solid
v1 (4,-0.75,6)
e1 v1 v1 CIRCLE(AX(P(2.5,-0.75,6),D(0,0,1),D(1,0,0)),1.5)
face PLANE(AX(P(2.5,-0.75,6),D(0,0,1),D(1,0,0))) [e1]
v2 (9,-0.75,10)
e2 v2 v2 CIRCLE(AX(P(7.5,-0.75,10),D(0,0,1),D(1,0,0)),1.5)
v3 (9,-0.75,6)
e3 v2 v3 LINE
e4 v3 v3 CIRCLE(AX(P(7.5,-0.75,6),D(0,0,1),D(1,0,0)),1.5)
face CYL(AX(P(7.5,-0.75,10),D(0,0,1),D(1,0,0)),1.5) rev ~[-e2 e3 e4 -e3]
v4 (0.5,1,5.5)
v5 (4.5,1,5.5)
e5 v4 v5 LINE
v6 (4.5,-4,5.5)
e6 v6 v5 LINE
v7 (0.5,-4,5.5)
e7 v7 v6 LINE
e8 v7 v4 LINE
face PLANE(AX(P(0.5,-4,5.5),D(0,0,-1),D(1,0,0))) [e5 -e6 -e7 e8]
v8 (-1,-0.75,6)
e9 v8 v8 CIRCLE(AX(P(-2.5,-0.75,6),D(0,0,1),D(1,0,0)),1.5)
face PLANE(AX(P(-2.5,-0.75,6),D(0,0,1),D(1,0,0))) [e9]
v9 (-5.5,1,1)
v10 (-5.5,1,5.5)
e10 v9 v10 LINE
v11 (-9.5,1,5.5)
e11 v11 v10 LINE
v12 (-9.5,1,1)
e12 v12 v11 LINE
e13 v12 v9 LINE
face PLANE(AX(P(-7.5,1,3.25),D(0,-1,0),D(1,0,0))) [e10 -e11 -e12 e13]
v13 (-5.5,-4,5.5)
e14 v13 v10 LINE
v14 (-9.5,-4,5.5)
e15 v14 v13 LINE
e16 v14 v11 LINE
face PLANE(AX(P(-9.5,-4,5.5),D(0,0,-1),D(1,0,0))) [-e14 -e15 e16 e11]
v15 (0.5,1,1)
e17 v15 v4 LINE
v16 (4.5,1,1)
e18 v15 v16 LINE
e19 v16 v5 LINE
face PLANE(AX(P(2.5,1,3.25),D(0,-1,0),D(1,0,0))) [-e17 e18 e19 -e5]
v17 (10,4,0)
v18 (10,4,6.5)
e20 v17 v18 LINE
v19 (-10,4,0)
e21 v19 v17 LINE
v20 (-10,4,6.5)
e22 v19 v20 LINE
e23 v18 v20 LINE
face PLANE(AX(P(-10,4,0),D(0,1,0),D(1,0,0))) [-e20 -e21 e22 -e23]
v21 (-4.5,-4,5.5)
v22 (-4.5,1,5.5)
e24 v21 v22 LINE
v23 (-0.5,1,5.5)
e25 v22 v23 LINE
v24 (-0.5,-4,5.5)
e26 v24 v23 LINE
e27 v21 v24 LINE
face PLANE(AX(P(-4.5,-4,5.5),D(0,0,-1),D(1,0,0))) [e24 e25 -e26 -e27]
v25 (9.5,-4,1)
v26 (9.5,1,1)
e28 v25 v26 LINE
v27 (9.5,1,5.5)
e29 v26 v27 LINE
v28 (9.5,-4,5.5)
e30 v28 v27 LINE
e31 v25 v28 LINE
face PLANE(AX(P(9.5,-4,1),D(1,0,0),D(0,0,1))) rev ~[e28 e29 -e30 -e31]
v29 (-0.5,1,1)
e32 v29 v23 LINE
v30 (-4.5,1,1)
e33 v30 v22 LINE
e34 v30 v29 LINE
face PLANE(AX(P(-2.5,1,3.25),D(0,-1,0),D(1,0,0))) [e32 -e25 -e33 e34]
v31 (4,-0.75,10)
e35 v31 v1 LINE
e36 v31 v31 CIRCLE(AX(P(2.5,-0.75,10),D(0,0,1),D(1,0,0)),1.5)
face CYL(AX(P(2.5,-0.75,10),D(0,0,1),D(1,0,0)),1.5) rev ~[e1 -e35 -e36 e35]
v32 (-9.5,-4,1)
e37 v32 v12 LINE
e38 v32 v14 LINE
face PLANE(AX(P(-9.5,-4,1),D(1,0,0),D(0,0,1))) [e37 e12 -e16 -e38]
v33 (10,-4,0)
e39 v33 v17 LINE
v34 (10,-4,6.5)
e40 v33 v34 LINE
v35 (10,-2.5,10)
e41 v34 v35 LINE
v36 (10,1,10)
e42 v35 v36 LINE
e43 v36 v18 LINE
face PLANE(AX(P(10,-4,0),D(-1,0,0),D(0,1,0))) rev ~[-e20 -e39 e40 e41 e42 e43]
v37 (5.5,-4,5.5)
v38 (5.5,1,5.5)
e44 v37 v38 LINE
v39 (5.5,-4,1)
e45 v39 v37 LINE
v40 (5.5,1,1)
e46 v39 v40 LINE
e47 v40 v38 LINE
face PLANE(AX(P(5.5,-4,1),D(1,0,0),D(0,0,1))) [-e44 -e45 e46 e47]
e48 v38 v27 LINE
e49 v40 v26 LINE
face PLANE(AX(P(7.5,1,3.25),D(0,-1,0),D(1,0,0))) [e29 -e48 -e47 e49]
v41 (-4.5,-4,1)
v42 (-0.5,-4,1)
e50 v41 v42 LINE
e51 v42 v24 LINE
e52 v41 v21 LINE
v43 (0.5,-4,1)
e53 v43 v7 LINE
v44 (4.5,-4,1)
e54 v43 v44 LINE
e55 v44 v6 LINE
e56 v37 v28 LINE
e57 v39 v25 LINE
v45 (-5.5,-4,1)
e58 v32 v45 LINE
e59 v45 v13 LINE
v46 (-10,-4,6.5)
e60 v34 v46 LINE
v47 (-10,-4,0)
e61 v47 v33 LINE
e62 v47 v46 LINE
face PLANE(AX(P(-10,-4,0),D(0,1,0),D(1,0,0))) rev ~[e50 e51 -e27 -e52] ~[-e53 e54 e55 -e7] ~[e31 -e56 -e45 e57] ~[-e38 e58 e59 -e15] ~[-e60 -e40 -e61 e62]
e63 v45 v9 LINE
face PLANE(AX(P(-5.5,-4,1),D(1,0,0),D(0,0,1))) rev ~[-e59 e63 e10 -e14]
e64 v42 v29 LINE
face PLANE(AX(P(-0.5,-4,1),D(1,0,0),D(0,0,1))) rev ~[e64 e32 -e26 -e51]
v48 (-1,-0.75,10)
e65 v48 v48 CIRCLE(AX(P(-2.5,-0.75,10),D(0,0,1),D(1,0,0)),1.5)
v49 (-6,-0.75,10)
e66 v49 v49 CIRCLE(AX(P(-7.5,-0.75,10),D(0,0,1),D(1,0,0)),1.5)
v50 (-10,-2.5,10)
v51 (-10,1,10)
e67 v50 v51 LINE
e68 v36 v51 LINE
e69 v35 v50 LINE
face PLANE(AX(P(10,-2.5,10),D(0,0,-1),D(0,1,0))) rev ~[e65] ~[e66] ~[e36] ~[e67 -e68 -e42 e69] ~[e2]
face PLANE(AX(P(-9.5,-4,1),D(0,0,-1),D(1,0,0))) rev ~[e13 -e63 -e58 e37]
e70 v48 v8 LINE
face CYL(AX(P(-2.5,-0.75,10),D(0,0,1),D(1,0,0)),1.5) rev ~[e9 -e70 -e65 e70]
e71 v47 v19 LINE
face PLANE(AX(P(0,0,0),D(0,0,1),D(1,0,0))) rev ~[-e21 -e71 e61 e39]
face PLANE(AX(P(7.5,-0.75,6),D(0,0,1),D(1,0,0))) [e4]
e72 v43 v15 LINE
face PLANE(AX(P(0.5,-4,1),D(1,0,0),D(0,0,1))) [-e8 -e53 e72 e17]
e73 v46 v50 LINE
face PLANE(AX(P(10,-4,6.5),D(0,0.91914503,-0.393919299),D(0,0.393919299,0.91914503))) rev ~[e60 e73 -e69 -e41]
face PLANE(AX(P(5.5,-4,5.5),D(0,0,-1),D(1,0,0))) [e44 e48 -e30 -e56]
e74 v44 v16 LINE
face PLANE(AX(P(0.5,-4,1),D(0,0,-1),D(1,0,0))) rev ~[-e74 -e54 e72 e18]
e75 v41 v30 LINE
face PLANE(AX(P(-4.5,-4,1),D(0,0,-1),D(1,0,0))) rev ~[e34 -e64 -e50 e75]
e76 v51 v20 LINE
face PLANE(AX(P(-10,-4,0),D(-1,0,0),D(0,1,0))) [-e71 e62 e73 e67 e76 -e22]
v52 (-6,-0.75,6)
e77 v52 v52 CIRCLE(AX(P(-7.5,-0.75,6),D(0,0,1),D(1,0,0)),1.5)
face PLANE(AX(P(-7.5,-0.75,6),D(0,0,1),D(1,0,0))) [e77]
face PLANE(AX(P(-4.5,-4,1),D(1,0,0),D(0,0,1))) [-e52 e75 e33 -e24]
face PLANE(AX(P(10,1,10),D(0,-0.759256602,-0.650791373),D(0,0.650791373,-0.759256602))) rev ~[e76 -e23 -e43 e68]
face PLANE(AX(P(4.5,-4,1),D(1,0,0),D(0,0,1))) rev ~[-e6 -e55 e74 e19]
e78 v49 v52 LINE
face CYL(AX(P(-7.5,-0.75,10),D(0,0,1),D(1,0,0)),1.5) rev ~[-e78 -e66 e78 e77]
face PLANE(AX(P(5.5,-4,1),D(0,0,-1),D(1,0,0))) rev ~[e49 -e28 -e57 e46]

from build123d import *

# Parameters (mm, degrees)
SKETCH040_W     = 20
SKETCH040_H     = 8
PAD021_DEPTH    = 10
POCKET019_DEPTH = 20
SKETCH042_R     = 1.5
POCKET020_DEPTH = 4
SKETCH043_W     = 4
SKETCH043_H     = 4.5
POCKET021_DEPTH = 5


with BuildPart() as part:
    # Sketch040 → Pad021 (new body)
    with BuildSketch(Plane.XY):
        Rectangle(SKETCH040_W, SKETCH040_H)
    extrude(amount=PAD021_DEPTH)

    # Sketch041 (on Face2 of Pad021) → Pocket019 (cut)
    with BuildSketch(Plane.YZ.offset(10)):
        Polygon((-4, 6.5), (-2.5, 10), (1, 10), (4, 6.5), (5, 6.5), (5, 11), (-5, 11), (-5, 6.5), align=None)
    extrude(amount=-POCKET019_DEPTH, mode=Mode.SUBTRACT)

    # Sketch042 (on Face8 of Pocket019) → Pocket020 (cut)
    with BuildSketch(Plane.XY.offset(10)):
        with Locations((-7.5, -0.75)):
            Circle(SKETCH042_R)
        with Locations((-2.5, -0.75)):
            Circle(SKETCH042_R)
        with Locations((2.5, -0.75)):
            Circle(SKETCH042_R)
        with Locations((7.5, -0.75)):
            Circle(SKETCH042_R)
    extrude(amount=-POCKET020_DEPTH, mode=Mode.SUBTRACT)

    # Sketch043 (on Face6 of Pocket020) → Pocket021 (cut)
    with BuildSketch(Plane.XZ.offset(4)):
        with Locations((-7.5, 3.25)):
            Rectangle(SKETCH043_W, SKETCH043_H)
        with Locations((-2.5, 3.25)):
            Rectangle(SKETCH043_W, SKETCH043_H)
        with Locations((2.5, 3.25)):
            Rectangle(SKETCH043_W, SKETCH043_H)
        with Locations((7.5, 3.25)):
            Rectangle(SKETCH043_W, SKETCH043_H)
    extrude(amount=-POCKET021_DEPTH, mode=Mode.SUBTRACT)


solid = part.part
